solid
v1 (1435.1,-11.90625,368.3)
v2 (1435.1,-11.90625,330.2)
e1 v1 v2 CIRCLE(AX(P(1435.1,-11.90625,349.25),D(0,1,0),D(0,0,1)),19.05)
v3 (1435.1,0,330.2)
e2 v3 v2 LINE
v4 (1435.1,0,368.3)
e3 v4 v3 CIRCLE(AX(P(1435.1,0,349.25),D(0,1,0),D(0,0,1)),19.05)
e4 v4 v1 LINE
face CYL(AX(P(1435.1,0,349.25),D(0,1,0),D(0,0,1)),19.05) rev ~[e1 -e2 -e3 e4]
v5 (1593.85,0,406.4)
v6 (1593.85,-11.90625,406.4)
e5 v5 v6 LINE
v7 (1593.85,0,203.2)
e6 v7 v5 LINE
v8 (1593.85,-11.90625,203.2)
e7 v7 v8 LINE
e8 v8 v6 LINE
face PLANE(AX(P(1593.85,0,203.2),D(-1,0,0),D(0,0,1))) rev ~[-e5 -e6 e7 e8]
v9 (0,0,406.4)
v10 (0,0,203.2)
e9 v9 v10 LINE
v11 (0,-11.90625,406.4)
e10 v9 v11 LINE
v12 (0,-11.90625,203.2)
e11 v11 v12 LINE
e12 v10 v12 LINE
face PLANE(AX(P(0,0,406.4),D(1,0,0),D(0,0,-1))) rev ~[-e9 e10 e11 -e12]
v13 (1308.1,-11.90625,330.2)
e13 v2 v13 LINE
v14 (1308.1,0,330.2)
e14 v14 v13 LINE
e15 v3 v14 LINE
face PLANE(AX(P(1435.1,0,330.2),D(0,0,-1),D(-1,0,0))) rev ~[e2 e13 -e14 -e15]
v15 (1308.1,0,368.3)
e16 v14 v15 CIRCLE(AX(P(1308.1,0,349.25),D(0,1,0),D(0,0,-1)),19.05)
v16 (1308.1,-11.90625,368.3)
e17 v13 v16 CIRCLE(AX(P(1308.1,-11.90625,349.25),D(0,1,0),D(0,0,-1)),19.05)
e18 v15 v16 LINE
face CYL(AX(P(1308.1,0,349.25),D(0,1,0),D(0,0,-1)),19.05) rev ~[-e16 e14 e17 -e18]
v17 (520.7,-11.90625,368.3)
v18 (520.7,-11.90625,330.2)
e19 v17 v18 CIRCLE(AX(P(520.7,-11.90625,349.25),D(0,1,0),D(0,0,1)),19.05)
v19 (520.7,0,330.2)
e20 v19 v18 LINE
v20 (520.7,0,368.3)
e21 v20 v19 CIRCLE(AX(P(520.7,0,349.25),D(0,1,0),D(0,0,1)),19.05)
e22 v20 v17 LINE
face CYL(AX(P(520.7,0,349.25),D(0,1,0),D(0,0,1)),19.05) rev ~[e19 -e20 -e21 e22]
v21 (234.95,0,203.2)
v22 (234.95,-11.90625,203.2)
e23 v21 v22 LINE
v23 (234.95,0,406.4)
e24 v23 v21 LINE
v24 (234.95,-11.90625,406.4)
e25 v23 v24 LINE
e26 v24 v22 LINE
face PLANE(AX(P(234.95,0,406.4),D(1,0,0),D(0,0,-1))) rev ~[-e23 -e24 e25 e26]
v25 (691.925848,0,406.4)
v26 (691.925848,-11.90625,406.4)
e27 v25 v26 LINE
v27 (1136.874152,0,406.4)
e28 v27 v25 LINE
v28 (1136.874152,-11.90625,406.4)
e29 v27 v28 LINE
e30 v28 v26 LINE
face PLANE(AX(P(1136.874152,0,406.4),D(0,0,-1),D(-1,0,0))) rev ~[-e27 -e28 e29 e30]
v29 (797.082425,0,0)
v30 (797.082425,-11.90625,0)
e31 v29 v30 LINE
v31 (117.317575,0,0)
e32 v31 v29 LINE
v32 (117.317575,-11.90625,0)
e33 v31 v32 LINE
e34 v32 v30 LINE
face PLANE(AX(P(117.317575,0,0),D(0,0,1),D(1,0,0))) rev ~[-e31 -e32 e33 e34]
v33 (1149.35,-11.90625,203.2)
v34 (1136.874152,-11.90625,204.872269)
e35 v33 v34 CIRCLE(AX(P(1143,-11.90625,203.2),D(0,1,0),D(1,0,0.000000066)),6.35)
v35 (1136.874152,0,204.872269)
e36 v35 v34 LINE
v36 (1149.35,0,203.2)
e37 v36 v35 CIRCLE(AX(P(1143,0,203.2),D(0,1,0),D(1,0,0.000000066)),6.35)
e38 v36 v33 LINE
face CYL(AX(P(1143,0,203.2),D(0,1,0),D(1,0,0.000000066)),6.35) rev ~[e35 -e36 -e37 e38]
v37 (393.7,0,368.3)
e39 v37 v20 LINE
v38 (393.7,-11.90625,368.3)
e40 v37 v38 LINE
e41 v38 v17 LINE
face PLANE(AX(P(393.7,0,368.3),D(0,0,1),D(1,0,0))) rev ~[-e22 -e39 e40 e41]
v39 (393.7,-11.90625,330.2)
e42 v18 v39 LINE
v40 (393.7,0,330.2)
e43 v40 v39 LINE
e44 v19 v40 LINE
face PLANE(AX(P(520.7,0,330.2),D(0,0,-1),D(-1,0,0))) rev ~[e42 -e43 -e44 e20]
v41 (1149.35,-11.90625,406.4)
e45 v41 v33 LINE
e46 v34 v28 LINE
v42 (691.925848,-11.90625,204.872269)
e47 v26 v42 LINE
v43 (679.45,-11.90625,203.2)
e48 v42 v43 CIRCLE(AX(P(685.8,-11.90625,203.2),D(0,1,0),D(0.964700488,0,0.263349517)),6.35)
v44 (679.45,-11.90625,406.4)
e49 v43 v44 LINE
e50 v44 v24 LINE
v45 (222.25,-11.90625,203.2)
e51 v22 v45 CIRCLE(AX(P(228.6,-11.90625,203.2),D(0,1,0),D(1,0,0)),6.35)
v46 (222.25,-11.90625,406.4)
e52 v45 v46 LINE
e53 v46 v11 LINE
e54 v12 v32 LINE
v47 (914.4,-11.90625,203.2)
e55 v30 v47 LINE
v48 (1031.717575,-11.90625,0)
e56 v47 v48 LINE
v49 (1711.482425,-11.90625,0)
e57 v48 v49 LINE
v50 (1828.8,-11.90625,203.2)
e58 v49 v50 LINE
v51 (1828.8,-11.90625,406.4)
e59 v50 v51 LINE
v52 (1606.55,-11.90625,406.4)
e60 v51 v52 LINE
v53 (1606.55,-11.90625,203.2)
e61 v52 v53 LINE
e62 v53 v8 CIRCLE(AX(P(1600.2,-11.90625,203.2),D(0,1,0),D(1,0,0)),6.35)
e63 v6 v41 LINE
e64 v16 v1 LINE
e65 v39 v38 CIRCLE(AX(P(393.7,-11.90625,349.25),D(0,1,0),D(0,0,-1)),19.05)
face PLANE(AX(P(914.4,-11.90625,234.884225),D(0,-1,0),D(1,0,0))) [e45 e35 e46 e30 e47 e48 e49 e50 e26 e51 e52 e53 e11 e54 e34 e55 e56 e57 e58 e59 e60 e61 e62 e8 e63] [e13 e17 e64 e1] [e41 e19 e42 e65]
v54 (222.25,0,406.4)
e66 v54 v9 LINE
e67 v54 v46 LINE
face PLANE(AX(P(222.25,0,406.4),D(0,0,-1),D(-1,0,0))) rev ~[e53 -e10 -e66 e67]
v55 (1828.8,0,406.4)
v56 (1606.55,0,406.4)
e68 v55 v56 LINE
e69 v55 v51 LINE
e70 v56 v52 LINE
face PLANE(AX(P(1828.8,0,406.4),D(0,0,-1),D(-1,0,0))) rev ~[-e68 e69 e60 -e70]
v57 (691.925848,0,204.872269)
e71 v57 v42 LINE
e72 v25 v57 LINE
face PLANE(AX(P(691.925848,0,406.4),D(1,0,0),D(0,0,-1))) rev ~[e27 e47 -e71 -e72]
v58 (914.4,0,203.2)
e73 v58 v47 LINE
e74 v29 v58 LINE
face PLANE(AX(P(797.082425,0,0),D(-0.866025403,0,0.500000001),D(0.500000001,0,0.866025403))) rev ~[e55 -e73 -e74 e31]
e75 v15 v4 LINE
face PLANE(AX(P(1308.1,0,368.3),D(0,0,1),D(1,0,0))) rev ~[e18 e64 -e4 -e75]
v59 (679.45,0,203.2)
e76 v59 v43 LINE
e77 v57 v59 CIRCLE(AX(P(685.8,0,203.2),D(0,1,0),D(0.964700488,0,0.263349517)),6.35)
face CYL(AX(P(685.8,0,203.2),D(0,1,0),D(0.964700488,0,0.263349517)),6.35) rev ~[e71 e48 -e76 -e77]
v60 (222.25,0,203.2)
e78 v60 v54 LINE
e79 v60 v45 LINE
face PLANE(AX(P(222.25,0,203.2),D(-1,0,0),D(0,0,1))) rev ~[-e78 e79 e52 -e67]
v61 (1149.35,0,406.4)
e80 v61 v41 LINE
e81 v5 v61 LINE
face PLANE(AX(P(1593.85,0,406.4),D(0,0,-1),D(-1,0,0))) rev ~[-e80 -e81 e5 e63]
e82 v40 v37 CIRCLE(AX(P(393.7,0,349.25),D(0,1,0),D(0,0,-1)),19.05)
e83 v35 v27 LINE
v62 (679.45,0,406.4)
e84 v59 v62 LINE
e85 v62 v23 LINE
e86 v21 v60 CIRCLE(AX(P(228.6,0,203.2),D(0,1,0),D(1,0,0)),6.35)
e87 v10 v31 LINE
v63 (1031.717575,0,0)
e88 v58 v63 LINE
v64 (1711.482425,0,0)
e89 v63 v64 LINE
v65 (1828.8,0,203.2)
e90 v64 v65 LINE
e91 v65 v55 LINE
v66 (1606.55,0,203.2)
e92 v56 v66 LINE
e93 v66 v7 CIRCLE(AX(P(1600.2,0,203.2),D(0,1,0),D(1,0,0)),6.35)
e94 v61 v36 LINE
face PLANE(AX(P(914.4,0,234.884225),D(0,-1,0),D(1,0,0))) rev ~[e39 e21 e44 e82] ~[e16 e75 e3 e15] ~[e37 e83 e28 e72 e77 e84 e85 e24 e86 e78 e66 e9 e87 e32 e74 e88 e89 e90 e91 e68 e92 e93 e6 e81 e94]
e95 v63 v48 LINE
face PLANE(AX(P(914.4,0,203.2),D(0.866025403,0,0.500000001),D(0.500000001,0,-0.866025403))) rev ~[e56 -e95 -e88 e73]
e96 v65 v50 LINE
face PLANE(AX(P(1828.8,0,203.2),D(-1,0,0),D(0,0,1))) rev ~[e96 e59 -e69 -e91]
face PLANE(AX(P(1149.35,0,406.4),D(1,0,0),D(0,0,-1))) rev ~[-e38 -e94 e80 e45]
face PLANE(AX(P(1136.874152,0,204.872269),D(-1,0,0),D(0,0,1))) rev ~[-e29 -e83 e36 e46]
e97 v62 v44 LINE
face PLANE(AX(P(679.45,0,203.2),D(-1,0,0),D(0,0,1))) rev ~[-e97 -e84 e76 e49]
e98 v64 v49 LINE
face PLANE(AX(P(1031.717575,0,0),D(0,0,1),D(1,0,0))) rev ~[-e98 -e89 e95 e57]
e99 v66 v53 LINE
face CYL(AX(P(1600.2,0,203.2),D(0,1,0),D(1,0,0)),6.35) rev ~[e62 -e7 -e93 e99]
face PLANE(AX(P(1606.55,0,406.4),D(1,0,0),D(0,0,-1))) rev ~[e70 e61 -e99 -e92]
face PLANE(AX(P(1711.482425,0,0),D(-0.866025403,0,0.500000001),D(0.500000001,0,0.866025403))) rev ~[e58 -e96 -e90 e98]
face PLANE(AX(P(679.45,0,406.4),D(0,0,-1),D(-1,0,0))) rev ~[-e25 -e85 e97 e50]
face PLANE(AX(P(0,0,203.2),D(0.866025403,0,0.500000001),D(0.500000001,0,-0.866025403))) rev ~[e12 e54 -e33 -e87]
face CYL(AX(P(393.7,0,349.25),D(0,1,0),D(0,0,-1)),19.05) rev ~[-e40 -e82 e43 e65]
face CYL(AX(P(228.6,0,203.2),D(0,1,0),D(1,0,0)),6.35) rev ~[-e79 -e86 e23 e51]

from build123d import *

# Parameters (mm, degrees)
F1_DEPTH = 11.90625


with BuildPart() as f1:
    # F0 (on Front) → F1 (new body)
    with BuildSketch(Plane.XZ):
        with BuildLine():
            Line((0, 203.2), (117.317575, 0))
            Line((117.317575, 0), (797.082425, 0))
            Line((797.082425, 0), (914.4, 203.2))
            Line((914.4, 203.2), (1031.717575, 0))
            Line((1031.717575, 0), (1711.482425, 0))
            Line((1711.482425, 0), (1828.8, 203.2))
            Line((1828.8, 203.2), (1828.8, 406.4))
            Line((1828.8, 406.4), (1606.55, 406.4))
            Line((1606.55, 406.4), (1606.55, 203.2))
            ThreePointArc((1606.55, 203.2), (1600.2, 196.85), (1593.85, 203.2))
            Line((1593.85, 203.2), (1593.85, 406.4))
            Line((1593.85, 406.4), (1149.35, 406.4))
            Line((1149.35, 406.4), (1149.35, 203.2))
            ThreePointArc((1149.35, 203.2), (1142.156388, 196.906287), (1136.874152, 204.872269))
            Line((1136.874152, 204.872269), (1136.874152, 406.4))
            Line((1136.874152, 406.4), (914.4, 406.4))
            Line((914.4, 406.4), (691.925848, 406.4))
            Line((691.925848, 406.4), (691.925848, 204.872269))
            ThreePointArc((691.925848, 204.872269), (686.643612, 196.906287), (679.45, 203.2))
            Line((679.45, 203.2), (679.45, 406.4))
            Line((679.45, 406.4), (234.95, 406.4))
            Line((234.95, 406.4), (234.95, 203.2))
            ThreePointArc((234.95, 203.2), (228.6, 196.85), (222.25, 203.2))
            Line((222.25, 203.2), (222.25, 406.4))
            Line((222.25, 406.4), (0, 406.4))
            Line((0, 406.4), (0, 203.2))
        make_face()
        with BuildLine():
            Line((393.7, 368.3), (457.2, 368.3))
            Line((457.2, 368.3), (520.7, 368.3))
            ThreePointArc((520.7, 368.3), (539.75, 349.25), (520.7, 330.2))
            Line((520.7, 330.2), (457.2, 330.2))
            Line((457.2, 330.2), (393.7, 330.2))
            ThreePointArc((393.7, 330.2), (374.65, 349.25), (393.7, 368.3))
        make_face(mode=Mode.SUBTRACT)
        with BuildLine():
            Line((1308.1, 368.3), (1371.6, 368.3))
            Line((1371.6, 368.3), (1435.1, 368.3))
            ThreePointArc((1435.1, 368.3), (1454.15, 349.25), (1435.1, 330.2))
            Line((1435.1, 330.2), (1371.6, 330.2))
            Line((1371.6, 330.2), (1308.1, 330.2))
            ThreePointArc((1308.1, 330.2), (1289.05, 349.25), (1308.1, 368.3))
        make_face(mode=Mode.SUBTRACT)
    extrude(amount=F1_DEPTH)


solid = f1.part
